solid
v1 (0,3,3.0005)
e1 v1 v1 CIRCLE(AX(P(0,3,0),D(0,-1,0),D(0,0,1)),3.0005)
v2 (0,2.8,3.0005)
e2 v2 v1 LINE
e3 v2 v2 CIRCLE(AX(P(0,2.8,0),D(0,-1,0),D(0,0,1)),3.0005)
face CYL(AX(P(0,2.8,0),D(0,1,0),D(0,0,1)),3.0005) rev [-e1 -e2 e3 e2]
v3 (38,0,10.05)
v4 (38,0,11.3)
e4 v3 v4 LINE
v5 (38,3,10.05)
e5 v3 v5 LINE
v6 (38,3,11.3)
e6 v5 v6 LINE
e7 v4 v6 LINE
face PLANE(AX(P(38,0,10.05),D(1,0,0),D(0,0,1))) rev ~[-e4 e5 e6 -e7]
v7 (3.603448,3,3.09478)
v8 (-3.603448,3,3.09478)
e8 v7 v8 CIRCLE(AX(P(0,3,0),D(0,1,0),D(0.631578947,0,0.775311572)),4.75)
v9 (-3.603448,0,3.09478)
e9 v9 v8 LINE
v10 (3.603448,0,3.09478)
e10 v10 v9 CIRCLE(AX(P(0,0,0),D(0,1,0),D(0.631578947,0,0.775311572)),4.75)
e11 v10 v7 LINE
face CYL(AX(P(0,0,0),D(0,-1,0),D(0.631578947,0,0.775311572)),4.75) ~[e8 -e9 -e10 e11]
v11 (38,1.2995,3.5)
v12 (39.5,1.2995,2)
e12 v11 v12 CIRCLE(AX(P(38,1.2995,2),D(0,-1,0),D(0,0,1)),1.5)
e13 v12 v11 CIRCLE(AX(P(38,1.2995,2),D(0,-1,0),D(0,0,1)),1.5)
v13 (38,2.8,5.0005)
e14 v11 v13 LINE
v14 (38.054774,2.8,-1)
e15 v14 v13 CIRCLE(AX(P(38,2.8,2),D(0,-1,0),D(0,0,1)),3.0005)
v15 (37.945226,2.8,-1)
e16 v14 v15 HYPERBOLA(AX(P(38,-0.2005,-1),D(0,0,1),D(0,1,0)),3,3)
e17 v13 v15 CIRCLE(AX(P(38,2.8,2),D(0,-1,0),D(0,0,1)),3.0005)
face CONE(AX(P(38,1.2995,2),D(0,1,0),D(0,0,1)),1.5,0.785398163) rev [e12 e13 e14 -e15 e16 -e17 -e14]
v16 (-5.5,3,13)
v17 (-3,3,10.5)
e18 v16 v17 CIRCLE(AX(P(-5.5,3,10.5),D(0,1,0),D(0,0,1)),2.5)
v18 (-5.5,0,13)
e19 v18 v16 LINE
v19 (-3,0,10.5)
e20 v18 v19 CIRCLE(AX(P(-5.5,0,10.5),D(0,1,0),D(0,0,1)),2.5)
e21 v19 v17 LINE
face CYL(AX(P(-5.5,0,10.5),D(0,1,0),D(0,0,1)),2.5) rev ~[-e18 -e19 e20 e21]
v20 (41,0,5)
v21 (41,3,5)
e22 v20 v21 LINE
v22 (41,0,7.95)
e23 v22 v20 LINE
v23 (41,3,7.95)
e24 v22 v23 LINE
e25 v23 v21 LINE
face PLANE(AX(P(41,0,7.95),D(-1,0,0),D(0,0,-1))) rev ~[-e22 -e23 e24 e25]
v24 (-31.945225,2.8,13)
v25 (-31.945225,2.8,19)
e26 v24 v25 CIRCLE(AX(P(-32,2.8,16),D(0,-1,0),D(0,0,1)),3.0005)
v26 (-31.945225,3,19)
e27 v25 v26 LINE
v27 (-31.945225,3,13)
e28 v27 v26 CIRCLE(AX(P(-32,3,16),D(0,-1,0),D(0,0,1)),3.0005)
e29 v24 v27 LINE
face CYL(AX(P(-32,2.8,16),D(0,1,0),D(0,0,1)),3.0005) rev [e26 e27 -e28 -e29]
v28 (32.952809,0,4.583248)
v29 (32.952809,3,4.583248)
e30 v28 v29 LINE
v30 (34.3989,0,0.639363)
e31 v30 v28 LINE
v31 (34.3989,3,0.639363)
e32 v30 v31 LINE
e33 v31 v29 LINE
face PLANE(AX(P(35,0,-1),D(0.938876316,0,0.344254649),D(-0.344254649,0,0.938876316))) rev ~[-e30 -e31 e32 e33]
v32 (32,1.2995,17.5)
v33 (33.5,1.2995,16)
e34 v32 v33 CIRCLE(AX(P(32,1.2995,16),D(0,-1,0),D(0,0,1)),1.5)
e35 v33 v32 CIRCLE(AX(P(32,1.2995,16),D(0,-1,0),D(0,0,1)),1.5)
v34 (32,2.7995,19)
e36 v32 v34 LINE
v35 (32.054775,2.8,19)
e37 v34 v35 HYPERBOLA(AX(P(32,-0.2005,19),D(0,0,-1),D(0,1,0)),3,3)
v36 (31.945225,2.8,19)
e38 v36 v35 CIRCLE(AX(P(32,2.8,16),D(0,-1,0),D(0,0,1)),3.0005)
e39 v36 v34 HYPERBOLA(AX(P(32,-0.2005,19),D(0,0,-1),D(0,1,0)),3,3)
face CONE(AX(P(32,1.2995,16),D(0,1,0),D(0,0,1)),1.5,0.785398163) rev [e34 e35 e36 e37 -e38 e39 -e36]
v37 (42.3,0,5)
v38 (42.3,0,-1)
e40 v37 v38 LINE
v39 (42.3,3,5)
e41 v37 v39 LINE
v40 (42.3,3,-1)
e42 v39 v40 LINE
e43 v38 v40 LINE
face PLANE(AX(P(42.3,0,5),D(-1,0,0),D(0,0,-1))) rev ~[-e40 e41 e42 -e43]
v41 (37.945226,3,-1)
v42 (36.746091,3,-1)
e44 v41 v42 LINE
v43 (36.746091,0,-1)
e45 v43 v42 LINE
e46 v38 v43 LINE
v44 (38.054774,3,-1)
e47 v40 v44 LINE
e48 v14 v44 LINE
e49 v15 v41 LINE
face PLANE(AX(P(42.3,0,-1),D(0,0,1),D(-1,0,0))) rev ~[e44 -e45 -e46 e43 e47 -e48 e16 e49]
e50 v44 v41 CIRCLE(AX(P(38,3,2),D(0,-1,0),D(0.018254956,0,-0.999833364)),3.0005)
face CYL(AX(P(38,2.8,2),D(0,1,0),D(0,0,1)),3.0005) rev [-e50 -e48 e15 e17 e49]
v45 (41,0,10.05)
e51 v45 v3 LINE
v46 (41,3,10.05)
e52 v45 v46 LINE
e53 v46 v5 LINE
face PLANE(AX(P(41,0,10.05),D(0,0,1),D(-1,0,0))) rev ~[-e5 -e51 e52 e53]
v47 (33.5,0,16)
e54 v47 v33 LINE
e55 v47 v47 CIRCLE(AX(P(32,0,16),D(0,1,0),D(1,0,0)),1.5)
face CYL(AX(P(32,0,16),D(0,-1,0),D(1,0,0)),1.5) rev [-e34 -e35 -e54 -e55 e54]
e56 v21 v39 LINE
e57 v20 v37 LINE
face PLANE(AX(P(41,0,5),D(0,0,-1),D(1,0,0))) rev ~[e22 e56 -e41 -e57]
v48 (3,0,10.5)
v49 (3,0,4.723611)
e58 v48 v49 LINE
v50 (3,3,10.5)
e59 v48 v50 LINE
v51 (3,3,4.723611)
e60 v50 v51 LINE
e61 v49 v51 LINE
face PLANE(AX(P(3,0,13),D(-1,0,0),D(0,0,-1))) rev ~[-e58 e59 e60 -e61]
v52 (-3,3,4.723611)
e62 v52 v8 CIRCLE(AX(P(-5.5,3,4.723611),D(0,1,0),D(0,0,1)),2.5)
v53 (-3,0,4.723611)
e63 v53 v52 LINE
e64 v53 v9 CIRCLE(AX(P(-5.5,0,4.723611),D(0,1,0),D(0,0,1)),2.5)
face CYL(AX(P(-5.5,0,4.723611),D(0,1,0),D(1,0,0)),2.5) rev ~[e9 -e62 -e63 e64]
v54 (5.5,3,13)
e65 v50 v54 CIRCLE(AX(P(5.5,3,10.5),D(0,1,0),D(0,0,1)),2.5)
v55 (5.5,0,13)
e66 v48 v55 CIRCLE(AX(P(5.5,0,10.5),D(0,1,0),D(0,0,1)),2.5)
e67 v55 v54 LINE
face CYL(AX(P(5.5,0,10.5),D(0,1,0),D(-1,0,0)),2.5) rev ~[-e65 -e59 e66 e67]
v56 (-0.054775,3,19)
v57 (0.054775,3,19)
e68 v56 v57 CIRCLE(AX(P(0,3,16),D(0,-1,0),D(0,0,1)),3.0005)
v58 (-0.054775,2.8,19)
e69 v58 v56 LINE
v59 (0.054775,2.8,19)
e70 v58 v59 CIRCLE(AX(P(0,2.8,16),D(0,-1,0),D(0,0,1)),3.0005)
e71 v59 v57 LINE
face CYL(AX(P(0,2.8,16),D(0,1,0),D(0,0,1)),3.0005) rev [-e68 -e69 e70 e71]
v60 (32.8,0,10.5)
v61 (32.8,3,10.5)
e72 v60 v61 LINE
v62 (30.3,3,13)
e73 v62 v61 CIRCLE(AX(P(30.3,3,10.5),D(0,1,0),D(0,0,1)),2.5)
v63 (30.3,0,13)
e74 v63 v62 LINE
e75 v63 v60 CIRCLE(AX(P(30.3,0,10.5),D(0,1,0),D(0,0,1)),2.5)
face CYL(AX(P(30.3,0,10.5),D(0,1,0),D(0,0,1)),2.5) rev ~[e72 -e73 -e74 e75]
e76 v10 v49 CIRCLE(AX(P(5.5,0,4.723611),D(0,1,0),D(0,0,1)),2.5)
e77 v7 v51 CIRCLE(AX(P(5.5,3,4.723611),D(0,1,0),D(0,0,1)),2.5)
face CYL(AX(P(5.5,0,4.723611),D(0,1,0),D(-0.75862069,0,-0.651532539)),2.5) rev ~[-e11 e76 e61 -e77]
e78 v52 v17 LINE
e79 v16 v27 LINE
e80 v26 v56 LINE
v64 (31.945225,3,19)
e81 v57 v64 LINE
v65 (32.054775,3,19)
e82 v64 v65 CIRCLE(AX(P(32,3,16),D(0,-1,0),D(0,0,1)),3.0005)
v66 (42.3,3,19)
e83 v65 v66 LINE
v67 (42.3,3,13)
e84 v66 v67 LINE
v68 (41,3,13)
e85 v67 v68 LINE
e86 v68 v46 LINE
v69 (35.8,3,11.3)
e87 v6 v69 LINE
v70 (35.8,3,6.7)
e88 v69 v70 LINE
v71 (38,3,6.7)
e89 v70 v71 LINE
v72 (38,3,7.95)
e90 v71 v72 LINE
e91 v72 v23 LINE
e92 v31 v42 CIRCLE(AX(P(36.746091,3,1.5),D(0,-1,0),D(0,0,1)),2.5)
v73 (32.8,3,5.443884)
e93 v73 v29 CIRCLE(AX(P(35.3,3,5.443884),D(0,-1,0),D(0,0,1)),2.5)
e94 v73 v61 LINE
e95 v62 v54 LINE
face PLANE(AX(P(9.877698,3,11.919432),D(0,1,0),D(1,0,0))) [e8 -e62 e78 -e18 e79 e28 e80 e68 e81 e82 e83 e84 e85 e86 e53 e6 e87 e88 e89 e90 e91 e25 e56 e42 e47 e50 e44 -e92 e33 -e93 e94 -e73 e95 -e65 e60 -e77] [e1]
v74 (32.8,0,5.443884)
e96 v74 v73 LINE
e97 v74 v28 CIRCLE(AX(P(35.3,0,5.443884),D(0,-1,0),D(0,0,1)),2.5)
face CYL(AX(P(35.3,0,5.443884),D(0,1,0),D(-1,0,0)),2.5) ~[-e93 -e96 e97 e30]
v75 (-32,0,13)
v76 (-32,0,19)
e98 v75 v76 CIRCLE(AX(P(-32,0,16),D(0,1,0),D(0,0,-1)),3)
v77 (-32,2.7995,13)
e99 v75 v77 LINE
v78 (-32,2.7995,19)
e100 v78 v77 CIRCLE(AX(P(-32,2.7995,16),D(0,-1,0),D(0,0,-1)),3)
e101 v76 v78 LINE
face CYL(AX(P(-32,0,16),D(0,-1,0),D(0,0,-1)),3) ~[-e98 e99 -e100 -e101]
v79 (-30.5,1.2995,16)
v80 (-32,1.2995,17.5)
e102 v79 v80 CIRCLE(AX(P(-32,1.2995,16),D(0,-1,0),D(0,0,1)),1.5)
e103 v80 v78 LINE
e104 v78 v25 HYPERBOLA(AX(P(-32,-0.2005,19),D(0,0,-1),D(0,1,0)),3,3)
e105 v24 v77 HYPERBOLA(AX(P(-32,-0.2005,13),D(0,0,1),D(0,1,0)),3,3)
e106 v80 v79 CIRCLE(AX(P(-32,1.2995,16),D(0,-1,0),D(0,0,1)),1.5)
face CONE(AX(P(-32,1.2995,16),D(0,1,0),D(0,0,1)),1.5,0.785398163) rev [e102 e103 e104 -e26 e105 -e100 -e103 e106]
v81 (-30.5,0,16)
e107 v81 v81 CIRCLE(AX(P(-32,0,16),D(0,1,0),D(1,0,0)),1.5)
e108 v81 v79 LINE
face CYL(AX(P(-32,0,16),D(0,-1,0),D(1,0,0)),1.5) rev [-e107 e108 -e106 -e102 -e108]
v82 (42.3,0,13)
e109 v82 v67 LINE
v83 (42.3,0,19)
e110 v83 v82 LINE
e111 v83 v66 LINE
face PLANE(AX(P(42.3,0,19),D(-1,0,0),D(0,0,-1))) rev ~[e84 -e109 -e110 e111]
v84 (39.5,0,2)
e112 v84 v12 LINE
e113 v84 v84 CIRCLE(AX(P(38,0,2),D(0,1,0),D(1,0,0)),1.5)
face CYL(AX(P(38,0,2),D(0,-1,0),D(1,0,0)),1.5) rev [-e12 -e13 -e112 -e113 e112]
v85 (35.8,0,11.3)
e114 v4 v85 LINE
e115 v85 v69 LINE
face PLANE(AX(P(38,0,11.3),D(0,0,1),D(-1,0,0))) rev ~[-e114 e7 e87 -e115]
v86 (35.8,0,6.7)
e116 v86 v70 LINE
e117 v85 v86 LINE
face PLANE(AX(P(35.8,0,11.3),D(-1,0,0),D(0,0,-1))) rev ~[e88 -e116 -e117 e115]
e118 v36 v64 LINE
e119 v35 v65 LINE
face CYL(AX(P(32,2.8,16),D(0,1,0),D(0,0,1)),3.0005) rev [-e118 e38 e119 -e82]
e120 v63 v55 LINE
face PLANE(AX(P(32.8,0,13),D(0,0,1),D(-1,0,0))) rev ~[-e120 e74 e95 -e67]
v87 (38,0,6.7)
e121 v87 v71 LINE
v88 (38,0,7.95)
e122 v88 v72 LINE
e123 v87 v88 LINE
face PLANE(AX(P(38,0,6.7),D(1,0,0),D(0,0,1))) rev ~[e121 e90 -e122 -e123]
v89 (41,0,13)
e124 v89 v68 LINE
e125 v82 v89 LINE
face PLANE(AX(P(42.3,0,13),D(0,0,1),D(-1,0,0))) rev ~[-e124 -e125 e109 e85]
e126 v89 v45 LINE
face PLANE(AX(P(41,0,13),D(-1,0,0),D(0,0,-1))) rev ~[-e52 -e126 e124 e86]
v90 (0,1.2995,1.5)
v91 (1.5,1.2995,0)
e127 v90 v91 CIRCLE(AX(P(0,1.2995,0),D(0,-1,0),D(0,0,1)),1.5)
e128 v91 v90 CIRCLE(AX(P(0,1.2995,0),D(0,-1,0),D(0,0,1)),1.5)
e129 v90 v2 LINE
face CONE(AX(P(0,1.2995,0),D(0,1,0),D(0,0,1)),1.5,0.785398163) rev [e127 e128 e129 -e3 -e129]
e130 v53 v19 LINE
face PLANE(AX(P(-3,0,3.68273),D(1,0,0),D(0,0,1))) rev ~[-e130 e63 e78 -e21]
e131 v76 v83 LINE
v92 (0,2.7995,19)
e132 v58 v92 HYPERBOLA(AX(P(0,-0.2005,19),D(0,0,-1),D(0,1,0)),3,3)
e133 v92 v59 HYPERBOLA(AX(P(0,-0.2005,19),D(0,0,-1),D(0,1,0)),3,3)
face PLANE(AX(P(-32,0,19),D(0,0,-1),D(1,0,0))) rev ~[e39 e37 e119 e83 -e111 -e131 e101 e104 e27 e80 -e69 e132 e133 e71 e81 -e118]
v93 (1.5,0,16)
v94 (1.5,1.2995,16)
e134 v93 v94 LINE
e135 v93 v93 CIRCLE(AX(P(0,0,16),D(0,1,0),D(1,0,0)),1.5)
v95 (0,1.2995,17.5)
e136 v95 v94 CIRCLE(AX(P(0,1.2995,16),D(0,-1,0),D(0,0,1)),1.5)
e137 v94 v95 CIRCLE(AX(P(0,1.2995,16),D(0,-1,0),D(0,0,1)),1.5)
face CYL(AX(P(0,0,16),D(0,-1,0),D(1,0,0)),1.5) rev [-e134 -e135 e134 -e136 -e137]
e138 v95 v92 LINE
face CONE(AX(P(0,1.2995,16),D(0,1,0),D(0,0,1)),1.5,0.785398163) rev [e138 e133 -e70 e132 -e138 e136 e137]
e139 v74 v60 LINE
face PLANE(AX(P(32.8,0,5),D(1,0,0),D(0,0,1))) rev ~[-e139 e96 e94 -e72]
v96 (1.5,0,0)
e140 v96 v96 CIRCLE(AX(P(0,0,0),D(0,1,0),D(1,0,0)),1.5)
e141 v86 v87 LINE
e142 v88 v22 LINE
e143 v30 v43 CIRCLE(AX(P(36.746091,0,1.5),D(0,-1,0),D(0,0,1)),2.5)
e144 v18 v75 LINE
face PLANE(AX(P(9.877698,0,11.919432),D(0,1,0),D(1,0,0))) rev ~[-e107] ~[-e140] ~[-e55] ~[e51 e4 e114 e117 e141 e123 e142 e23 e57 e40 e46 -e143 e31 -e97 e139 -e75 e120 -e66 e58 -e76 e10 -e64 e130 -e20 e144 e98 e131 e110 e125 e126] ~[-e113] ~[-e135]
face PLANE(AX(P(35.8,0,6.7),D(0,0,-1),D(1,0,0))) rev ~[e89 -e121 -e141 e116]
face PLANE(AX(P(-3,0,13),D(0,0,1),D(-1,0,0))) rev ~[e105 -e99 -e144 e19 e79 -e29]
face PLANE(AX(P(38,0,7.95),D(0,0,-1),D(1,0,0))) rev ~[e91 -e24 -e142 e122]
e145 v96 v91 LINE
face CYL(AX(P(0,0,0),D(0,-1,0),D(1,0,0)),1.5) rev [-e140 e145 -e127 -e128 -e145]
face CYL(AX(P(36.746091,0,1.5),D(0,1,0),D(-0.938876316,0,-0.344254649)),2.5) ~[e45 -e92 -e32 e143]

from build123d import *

# Parameters (mm, degrees)
SKETCH1_R                                      = 1.5
BOSS_EXTRUDE1_DEPTH                            = 3
FILLET1_R                                      = 2.5
CSK_FOR_M3_FLAT_HEAD_MACHINE_SCREW3_AT_2_COUNT = 2
CSK_FOR_M3_FLAT_HEAD_MACHINE_SCREW3_AT_2_PITCH = 32
CSK_FOR_M3_FLAT_HEAD_MACHINE_SCREW3_AT_3_COUNT = 2
CSK_FOR_M3_FLAT_HEAD_MACHINE_SCREW3_AT_3_PITCH = 71.38627319
CSK_FOR_M3_FLAT_HEAD_MACHINE_SCREW3_AT_4_COUNT = 2
CSK_FOR_M3_FLAT_HEAD_MACHINE_SCREW3_AT_4_PITCH = 35.77708764
CSK_FOR_M3_FLAT_HEAD_MACHINE_SCREW3_AT_5_COUNT = 2
CSK_FOR_M3_FLAT_HEAD_MACHINE_SCREW3_AT_5_PITCH = 64


with BuildPart() as part:
    # Sketch1 → Boss-Extrude1 (new body)
    with BuildSketch(Plane(origin=(0, 0, 0), x_dir=(1, 0, 0), z_dir=(0, 1, 0))):
        with BuildLine():
            Line((-3, -13), (-32, -13))
            ThreePointArc((-32, -13), (-35, -16), (-32, -19))
            Line((-32, -19), (42.3, -19))
            Line((42.3, -19), (42.3, -13))
            Line((42.3, -13), (41, -13))
            Line((41, -13), (41, -10.05))
            Line((41, -10.05), (38, -10.05))
            Line((38, -10.05), (38, -11.3))
            Line((38, -11.3), (35.8, -11.3))
            Line((35.8, -11.3), (35.8, -6.7))
            Line((35.8, -6.7), (38, -6.7))
            Line((38, -6.7), (38, -7.95))
            Line((38, -7.95), (41, -7.95))
            Line((41, -7.95), (41, -5))
            Line((41, -5), (42.3, -5))
            Line((42.3, -5), (42.3, 1))
            Line((42.3, 1), (35, 1))
            Line((35, 1), (32.8, -5))
            Line((32.8, -5), (32.8, -13))
            Line((32.8, -13), (3, -13))
            Line((3, -13), (3, -3.682729966))
            ThreePointArc((3, -3.682729966), (0, 4.75), (-3, -3.682729966))
            Line((-3, -3.682729966), (-3, -13))
        make_face()
        with Locations((32, -16)):
            Circle(SKETCH1_R, mode=Mode.SUBTRACT)
        with Locations((0, -16)):
            Circle(SKETCH1_R, mode=Mode.SUBTRACT)
        with Locations((-32, -16)):
            Circle(SKETCH1_R, mode=Mode.SUBTRACT)
        Circle(SKETCH1_R, mode=Mode.SUBTRACT)
        with Locations((38, -2)):
            Circle(SKETCH1_R, mode=Mode.SUBTRACT)
    extrude(amount=BOSS_EXTRUDE1_DEPTH)

    # Fillet1
    fillet1_edges = [part.edges().sort_by_distance(p)[0] for p in [
        (35, 1.5, -1),
        (32.8, 1.5, 5),
        (32.8, 1.5, 13),
        (3, 1.5, 13),
        (-3, 1.5, 13),
        (-3, 1.5, 3.682729966),
        (3, 1.5, 3.682729966),
    ]]
    fillet(fillet1_edges, radius=FILLET1_R)

    # Sketch5 → CSK for M3 Flat Head Machine Screw3 (revolve, cut)
    with BuildSketch(Plane(origin=(-32, 3, 16), x_dir=(0, 0, 1), z_dir=(1, 0, 0))):
        Polygon((0, 0), (0, 3), (1.5, 3), (1.5, 1.7005), (3.0005, 0.2), (3.0005, 0), align=None)
    csk_for_m3_flat_head_machine_screw3 = revolve(axis=Axis((-32, 9.35, 16), (0, -1, 0)), mode=Mode.SUBTRACT)

    # CSK for M3 Flat Head Machine Screw3 at 2: CSK for M3 Flat Head Machine Screw3 ×2
    with Locations(*[(i * CSK_FOR_M3_FLAT_HEAD_MACHINE_SCREW3_AT_2_PITCH, 0, 0) for i in range(1, CSK_FOR_M3_FLAT_HEAD_MACHINE_SCREW3_AT_2_COUNT)]):
        add(csk_for_m3_flat_head_machine_screw3, mode=Mode.SUBTRACT)

    # CSK for M3 Flat Head Machine Screw3 at 3: CSK for M3 Flat Head Machine Screw3 ×2
    with Locations(*[Vector(0.9805806756909202, 0, -0.1961161351381841) * (i * CSK_FOR_M3_FLAT_HEAD_MACHINE_SCREW3_AT_3_PITCH) for i in range(1, CSK_FOR_M3_FLAT_HEAD_MACHINE_SCREW3_AT_3_COUNT)]):
        add(csk_for_m3_flat_head_machine_screw3, mode=Mode.SUBTRACT)

    # CSK for M3 Flat Head Machine Screw3 at 4: CSK for M3 Flat Head Machine Screw3 ×2
    with Locations(*[Vector(0.8944271909999157, 0, -0.44721359549995826) * (i * CSK_FOR_M3_FLAT_HEAD_MACHINE_SCREW3_AT_4_PITCH) for i in range(1, CSK_FOR_M3_FLAT_HEAD_MACHINE_SCREW3_AT_4_COUNT)]):
        add(csk_for_m3_flat_head_machine_screw3, mode=Mode.SUBTRACT)

    # CSK for M3 Flat Head Machine Screw3 at 5: CSK for M3 Flat Head Machine Screw3 ×2
    with Locations(*[(i * CSK_FOR_M3_FLAT_HEAD_MACHINE_SCREW3_AT_5_PITCH, 0, 0) for i in range(1, CSK_FOR_M3_FLAT_HEAD_MACHINE_SCREW3_AT_5_COUNT)]):
        add(csk_for_m3_flat_head_machine_screw3, mode=Mode.SUBTRACT)


solid = part.part
